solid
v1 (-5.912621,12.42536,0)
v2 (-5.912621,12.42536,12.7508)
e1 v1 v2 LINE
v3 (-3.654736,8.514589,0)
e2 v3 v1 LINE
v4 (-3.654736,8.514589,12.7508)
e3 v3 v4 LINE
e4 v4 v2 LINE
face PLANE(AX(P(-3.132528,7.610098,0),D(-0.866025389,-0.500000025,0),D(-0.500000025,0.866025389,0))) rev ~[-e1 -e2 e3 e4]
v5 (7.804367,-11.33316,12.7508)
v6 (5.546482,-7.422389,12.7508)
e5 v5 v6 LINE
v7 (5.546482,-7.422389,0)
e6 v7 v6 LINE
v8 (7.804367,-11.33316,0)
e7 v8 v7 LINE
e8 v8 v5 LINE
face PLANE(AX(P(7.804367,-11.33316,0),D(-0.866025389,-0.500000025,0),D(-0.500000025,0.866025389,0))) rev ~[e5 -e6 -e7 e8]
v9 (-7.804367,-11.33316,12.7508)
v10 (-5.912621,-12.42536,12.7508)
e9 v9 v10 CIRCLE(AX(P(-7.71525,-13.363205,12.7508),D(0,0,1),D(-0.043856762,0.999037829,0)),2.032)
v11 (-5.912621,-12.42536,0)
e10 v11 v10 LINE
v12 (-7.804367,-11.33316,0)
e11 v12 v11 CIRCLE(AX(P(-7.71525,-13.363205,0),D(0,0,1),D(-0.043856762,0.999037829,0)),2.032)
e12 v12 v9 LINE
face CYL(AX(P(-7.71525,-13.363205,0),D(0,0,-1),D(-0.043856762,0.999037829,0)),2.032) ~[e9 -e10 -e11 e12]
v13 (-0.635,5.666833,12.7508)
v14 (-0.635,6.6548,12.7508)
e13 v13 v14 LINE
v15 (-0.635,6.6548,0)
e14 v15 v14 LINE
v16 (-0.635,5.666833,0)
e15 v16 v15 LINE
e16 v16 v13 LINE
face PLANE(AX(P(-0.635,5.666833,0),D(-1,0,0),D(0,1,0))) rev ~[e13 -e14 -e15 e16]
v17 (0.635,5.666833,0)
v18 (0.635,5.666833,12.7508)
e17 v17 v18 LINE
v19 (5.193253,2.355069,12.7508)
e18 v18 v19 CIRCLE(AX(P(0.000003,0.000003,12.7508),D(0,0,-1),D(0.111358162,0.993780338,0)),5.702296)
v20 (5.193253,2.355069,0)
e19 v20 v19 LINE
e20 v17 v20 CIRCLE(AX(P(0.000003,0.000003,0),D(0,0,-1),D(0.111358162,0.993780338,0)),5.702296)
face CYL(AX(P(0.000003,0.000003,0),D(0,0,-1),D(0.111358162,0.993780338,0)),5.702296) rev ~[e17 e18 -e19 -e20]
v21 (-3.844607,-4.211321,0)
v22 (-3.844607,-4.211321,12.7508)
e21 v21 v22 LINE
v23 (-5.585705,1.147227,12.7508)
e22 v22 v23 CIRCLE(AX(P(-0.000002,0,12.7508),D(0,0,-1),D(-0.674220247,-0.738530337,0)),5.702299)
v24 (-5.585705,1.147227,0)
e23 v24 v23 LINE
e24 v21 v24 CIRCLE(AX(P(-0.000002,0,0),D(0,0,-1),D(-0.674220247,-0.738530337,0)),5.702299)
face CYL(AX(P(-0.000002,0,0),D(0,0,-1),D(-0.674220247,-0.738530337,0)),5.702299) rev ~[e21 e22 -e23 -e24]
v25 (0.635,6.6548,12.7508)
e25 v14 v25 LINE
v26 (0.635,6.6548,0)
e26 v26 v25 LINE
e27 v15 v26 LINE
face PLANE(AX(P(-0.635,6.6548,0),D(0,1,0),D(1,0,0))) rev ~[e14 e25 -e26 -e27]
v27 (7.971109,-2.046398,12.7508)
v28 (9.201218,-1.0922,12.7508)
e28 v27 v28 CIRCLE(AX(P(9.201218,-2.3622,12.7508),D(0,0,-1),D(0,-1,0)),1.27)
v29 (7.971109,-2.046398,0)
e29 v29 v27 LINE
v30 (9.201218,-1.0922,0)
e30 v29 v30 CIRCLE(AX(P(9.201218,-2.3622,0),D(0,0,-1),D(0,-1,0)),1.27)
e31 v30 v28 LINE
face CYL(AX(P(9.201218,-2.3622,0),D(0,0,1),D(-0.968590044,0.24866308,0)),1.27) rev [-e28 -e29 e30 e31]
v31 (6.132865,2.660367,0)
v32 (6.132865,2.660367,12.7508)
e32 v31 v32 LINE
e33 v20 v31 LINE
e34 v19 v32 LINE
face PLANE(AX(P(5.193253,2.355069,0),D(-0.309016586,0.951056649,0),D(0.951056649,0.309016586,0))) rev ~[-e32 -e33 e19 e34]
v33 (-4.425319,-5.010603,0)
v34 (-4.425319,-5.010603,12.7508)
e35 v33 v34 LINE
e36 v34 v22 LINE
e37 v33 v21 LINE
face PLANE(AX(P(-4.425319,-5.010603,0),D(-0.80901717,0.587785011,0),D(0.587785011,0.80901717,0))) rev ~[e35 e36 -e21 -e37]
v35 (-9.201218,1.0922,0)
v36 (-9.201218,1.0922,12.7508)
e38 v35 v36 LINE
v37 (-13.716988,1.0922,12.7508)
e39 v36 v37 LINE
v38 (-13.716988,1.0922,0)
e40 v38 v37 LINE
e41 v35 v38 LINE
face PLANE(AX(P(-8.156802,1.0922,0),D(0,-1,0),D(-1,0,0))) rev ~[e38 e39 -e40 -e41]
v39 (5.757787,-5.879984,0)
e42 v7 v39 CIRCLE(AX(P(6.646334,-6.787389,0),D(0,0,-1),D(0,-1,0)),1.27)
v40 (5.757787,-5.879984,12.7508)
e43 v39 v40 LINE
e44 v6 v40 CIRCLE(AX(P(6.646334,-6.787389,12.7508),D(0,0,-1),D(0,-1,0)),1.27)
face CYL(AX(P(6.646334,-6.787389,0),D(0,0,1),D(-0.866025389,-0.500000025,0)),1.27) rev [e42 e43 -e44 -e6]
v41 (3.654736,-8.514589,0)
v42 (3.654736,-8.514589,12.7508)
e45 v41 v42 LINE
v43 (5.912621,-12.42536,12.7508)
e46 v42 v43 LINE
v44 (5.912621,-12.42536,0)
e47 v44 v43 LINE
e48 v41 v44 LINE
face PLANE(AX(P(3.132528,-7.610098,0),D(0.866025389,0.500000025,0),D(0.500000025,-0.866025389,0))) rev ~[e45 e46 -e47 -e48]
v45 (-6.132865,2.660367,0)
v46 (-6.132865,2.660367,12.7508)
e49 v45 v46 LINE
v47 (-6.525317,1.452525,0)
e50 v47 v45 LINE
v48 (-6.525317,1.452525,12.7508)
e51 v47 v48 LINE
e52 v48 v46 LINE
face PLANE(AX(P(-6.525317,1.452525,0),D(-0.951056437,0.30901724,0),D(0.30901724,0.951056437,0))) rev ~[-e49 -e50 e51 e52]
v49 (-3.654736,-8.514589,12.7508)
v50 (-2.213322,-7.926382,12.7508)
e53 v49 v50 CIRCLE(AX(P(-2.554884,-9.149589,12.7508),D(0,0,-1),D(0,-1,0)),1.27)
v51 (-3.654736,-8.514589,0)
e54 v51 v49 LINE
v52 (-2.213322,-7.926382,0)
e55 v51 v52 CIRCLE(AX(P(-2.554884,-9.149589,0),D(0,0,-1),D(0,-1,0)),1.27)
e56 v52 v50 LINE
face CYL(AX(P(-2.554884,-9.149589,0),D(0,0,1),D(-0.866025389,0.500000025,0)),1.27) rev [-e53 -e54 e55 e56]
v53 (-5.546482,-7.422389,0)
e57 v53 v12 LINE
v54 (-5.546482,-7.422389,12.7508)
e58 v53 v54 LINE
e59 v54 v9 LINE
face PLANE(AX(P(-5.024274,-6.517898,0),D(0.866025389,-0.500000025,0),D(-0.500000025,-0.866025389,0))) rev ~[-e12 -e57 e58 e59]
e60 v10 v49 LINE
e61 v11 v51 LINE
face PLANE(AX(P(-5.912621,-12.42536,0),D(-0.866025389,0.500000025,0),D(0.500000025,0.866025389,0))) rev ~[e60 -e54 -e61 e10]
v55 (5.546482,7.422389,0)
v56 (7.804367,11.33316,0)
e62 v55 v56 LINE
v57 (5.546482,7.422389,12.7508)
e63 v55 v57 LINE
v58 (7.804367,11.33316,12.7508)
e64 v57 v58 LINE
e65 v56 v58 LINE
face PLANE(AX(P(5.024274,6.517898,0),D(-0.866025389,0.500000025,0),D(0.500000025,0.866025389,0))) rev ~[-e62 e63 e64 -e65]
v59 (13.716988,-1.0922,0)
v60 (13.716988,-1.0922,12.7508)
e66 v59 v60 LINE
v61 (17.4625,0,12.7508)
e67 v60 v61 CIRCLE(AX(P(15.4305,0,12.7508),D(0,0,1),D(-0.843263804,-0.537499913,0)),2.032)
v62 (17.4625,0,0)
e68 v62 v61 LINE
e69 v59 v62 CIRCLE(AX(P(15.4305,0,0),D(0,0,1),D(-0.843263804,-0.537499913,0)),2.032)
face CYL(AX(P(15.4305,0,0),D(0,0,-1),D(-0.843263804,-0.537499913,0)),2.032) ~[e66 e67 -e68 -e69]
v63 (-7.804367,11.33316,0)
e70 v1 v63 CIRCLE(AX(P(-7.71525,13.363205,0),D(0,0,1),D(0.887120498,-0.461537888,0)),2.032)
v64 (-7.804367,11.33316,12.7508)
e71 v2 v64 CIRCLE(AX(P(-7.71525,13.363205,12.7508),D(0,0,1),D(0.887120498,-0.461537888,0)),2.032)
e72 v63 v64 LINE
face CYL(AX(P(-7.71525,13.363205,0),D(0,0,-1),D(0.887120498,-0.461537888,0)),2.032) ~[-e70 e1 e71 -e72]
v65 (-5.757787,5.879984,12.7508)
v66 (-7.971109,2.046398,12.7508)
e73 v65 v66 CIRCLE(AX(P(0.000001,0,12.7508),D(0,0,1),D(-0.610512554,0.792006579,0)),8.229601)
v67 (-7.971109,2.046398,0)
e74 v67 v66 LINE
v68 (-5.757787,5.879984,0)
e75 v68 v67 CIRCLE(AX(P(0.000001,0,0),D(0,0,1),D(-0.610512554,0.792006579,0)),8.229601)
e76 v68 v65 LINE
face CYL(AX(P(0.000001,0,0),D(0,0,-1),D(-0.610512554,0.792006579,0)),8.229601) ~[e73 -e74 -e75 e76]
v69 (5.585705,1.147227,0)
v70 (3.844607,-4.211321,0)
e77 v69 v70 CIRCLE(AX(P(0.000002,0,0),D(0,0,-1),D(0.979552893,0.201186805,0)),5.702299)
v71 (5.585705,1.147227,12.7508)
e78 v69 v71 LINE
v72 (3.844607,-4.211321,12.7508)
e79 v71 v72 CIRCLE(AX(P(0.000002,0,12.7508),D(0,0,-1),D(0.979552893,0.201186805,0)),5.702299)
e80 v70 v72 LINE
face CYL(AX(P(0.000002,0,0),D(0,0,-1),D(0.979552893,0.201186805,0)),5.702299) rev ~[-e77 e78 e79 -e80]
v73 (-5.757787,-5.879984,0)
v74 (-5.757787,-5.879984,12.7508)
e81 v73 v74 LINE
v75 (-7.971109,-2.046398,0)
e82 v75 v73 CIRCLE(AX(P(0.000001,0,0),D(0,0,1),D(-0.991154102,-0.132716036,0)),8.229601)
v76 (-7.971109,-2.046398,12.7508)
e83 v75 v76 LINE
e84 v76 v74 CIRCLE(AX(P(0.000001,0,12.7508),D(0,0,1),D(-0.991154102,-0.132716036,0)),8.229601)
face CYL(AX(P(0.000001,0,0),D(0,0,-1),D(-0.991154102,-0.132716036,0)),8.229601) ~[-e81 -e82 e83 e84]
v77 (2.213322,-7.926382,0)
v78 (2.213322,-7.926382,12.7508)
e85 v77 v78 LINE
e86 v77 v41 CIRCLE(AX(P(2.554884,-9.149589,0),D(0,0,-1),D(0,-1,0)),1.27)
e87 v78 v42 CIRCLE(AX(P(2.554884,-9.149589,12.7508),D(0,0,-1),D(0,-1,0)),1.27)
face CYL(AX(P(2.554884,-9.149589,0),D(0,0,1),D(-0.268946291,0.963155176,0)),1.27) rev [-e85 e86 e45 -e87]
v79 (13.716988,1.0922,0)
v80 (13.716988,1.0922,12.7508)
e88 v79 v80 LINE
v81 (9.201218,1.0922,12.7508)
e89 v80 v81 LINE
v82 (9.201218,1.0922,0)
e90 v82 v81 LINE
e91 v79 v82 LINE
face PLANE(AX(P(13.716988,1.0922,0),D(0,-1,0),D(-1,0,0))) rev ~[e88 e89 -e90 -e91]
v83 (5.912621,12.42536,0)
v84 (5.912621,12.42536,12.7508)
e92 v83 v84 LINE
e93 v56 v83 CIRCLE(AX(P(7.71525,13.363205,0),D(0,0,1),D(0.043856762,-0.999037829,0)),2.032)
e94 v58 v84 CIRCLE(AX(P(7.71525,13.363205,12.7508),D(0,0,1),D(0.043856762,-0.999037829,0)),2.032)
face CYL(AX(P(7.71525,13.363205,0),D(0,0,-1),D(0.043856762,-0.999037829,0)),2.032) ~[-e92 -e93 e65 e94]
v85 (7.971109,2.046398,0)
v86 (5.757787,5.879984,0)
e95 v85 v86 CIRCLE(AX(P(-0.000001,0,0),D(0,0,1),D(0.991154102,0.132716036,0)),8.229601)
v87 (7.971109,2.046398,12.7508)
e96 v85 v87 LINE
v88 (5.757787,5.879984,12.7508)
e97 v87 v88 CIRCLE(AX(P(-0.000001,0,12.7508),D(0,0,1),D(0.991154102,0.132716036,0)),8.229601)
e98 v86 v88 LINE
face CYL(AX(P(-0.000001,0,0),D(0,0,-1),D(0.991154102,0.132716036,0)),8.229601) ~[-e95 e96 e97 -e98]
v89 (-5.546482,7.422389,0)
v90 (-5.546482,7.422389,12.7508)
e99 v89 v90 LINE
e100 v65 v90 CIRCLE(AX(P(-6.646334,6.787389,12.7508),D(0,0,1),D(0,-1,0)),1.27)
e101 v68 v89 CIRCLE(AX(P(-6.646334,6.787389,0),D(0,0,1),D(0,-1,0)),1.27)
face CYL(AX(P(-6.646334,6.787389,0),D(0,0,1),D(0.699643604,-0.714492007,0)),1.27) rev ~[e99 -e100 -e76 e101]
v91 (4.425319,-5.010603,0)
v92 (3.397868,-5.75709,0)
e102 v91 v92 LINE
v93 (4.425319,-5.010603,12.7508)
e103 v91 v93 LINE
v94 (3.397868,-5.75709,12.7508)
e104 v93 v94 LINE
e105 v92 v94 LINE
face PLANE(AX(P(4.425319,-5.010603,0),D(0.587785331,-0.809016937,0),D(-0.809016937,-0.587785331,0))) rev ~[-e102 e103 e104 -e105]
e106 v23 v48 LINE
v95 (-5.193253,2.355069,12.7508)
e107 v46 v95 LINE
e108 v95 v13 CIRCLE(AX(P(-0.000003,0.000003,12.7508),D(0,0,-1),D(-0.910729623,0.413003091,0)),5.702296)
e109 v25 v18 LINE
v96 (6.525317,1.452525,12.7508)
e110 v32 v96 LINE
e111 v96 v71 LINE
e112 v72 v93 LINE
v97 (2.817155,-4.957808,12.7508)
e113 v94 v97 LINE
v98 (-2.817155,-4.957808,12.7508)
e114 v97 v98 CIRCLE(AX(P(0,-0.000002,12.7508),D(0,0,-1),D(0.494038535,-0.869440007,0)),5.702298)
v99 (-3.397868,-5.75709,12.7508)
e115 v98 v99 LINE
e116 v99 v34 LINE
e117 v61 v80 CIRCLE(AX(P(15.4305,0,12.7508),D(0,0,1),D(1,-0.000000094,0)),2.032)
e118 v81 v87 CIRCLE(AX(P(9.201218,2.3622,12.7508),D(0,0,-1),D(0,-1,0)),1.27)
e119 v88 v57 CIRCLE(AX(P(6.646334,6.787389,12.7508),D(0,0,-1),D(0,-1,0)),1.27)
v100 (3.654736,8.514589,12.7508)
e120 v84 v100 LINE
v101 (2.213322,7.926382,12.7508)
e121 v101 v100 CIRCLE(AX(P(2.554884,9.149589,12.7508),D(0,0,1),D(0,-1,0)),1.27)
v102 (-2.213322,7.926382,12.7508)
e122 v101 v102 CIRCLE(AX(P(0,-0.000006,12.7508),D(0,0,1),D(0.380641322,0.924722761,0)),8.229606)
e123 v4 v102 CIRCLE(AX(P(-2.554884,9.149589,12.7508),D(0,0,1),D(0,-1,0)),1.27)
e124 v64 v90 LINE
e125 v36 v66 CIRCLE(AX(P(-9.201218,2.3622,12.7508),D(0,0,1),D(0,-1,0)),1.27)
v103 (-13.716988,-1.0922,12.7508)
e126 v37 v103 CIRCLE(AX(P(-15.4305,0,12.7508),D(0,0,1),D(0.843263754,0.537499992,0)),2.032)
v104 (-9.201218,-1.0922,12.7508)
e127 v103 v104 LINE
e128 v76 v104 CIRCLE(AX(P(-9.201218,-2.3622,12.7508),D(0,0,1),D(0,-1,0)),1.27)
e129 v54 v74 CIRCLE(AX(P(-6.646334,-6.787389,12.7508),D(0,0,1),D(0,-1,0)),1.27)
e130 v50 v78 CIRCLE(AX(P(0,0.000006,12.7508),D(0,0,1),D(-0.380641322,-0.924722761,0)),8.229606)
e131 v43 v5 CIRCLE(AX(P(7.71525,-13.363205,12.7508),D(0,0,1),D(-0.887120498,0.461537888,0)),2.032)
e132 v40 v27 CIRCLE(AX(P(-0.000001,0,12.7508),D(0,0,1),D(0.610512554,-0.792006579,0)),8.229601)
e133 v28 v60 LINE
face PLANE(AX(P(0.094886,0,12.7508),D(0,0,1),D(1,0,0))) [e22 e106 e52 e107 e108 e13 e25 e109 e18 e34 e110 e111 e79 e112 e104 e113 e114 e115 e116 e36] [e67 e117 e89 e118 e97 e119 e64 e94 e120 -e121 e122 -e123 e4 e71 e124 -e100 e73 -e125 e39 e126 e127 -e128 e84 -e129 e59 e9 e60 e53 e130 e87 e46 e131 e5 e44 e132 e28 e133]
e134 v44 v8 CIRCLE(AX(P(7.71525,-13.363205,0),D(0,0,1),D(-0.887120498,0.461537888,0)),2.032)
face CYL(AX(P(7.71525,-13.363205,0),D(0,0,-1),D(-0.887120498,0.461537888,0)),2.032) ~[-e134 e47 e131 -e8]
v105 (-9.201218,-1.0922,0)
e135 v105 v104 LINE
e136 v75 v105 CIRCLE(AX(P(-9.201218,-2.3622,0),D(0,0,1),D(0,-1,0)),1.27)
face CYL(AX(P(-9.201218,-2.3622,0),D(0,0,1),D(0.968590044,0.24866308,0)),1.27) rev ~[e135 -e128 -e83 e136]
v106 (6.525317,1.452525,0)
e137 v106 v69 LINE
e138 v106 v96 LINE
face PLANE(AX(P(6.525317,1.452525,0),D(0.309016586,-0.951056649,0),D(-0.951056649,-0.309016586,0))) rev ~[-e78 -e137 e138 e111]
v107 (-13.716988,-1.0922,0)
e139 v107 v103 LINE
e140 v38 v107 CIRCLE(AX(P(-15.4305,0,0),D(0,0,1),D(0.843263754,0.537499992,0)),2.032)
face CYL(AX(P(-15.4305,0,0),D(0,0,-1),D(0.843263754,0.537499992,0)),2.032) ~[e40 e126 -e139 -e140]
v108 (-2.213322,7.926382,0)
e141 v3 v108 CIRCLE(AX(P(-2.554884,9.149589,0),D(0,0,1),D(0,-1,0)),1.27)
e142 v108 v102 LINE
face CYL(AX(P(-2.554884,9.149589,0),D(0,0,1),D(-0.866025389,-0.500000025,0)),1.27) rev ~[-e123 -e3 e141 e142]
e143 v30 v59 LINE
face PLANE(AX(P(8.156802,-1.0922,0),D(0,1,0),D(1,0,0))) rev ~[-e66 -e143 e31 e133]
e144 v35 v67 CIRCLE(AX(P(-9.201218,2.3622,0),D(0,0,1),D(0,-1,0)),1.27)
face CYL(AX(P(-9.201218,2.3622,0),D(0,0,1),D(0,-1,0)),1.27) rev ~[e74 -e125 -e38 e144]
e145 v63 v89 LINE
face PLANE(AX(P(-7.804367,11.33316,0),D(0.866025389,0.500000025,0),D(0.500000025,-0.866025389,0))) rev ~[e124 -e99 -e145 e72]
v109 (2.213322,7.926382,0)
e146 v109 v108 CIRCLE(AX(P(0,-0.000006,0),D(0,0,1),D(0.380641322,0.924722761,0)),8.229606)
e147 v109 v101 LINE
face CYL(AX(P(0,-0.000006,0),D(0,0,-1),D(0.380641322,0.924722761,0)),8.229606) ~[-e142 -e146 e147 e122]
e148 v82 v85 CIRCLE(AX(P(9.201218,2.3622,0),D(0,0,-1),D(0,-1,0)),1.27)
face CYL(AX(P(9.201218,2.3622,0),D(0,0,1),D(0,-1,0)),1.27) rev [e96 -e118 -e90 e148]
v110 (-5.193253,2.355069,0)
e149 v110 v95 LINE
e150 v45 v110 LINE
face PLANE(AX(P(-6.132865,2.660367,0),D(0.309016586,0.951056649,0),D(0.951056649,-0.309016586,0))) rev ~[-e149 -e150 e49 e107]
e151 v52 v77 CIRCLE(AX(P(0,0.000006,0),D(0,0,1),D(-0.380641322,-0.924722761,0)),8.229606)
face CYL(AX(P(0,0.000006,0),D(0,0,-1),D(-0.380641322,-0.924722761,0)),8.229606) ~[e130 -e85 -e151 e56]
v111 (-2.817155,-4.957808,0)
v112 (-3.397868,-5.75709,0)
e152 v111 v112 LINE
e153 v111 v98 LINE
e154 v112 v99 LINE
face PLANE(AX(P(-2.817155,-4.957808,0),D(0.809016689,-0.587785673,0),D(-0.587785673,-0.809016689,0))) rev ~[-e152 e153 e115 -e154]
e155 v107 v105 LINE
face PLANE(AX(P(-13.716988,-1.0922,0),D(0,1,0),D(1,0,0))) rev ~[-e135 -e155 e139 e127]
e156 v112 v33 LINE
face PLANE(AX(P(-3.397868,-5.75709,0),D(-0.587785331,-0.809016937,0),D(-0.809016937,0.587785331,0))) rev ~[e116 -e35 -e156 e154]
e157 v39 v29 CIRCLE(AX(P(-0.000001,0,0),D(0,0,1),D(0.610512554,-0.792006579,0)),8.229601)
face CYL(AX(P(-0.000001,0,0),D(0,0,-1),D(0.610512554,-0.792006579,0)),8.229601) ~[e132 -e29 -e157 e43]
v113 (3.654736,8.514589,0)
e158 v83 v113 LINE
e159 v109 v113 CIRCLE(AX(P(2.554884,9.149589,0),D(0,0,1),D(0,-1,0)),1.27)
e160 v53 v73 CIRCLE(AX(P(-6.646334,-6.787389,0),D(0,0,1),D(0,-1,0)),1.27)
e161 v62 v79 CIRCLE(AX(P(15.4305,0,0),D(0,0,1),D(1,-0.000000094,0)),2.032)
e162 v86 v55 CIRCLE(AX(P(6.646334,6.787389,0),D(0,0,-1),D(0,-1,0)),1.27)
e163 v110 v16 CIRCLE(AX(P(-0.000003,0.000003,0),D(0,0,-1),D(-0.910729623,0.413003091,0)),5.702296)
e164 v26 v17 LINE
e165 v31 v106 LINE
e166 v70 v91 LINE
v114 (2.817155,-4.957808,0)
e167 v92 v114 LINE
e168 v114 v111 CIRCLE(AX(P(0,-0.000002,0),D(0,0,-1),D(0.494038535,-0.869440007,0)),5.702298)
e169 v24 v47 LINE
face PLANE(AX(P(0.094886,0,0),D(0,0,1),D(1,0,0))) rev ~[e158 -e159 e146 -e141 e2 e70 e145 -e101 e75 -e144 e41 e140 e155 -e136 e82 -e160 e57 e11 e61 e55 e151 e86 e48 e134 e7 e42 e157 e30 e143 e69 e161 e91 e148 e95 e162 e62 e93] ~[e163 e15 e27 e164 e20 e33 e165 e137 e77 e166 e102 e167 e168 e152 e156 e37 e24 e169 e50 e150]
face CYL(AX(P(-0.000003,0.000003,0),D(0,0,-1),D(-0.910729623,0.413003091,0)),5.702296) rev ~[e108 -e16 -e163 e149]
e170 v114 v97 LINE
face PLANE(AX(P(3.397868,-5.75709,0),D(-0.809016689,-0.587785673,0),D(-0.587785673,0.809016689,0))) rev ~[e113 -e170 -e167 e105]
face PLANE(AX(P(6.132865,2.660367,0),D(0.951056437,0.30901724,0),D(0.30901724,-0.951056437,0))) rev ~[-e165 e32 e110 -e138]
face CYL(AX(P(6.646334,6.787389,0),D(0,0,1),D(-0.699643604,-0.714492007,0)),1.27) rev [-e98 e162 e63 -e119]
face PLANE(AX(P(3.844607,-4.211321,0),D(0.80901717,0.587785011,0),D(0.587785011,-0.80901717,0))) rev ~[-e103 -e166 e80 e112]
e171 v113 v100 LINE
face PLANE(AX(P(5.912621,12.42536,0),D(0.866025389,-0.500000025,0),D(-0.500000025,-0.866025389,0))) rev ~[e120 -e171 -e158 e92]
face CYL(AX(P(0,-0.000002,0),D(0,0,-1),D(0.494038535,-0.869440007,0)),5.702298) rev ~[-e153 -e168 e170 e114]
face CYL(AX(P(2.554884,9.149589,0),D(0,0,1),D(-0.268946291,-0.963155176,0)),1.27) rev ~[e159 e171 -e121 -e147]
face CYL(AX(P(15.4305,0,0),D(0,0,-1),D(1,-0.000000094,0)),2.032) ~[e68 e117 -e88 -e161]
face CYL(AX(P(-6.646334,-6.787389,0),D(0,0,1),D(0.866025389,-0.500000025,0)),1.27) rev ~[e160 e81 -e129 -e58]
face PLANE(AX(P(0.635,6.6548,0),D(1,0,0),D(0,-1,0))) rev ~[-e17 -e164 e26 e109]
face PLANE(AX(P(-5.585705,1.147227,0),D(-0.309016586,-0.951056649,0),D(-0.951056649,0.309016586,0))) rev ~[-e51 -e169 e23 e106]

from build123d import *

# Parameters (mm, degrees)
F1_DEPTH = 12.7508
F2_R     = 1.27


with BuildPart() as f1:
    # F0 (on Top) → F1 (new body)
    with BuildSketch(Plane.XY):
        with BuildLine():
            Line((-5.912621, -12.42536), (-3.132528, -7.610098))
            ThreePointArc((-3.132528, -7.610098), (0, -8.2296), (3.132528, -7.610098))
            Line((3.132528, -7.610098), (5.912621, -12.42536))
            ThreePointArc((5.912621, -12.42536), (8.73125, -15.122969), (7.804367, -11.33316))
            Line((7.804367, -11.33316), (5.024274, -6.517898))
            ThreePointArc((5.024274, -6.517898), (7.127043, -4.1148), (8.156802, -1.0922))
            Line((8.156802, -1.0922), (13.716988, -1.0922))
            ThreePointArc((13.716988, -1.0922), (15.999344, -1.950754), (17.4625, 0))
            ThreePointArc((17.4625, 0), (15.999344, 1.950754), (13.716988, 1.0922))
            Line((13.716988, 1.0922), (8.156802, 1.0922))
            ThreePointArc((8.156802, 1.0922), (7.127043, 4.1148), (5.024274, 6.517898))
            Line((5.024274, 6.517898), (7.804367, 11.33316))
            ThreePointArc((7.804367, 11.33316), (8.73125, 15.122969), (5.912621, 12.42536))
            Line((5.912621, 12.42536), (3.132528, 7.610098))
            ThreePointArc((3.132528, 7.610098), (0, 8.2296), (-3.132528, 7.610098))
            Line((-3.132528, 7.610098), (-5.912621, 12.42536))
            ThreePointArc((-5.912621, 12.42536), (-8.73125, 15.122969), (-7.804367, 11.33316))
            Line((-7.804367, 11.33316), (-5.024274, 6.517898))
            ThreePointArc((-5.024274, 6.517898), (-7.127043, 4.1148), (-8.156802, 1.0922))
            Line((-8.156802, 1.0922), (-13.716988, 1.0922))
            ThreePointArc((-13.716988, 1.0922), (-17.4625, 0), (-13.716988, -1.0922))
            Line((-13.716988, -1.0922), (-8.156802, -1.0922))
            ThreePointArc((-8.156802, -1.0922), (-7.127043, -4.1148), (-5.024274, -6.517898))
            Line((-5.024274, -6.517898), (-7.804367, -11.33316))
            ThreePointArc((-7.804367, -11.33316), (-8.73125, -15.122969), (-5.912621, -12.42536))
        make_face()
        with BuildLine():
            ThreePointArc((-5.193253, 2.355069), (-3.351728, 4.613258), (-0.635, 5.666833))
            Line((-0.635, 5.666833), (-0.635, 6.6548))
            Line((-0.635, 6.6548), (0.635, 6.6548))
            Line((0.635, 6.6548), (0.635, 5.666833))
            ThreePointArc((0.635, 5.666833), (3.351728, 4.613258), (5.193253, 2.355069))
            Line((5.193253, 2.355069), (6.132865, 2.660367))
            Line((6.132865, 2.660367), (6.525317, 1.452525))
            Line((6.525317, 1.452525), (5.585705, 1.147227))
            ThreePointArc((5.585705, 1.147227), (5.42321, -1.762108), (3.844607, -4.211321))
            Line((3.844607, -4.211321), (4.425319, -5.010603))
            Line((4.425319, -5.010603), (3.397868, -5.75709))
            Line((3.397868, -5.75709), (2.817155, -4.957808))
            ThreePointArc((2.817155, -4.957808), (0, -5.7023), (-2.817155, -4.957808))
            Line((-2.817155, -4.957808), (-3.397868, -5.75709))
            Line((-3.397868, -5.75709), (-4.425319, -5.010603))
            Line((-4.425319, -5.010603), (-3.844607, -4.211321))
            ThreePointArc((-3.844607, -4.211321), (-5.42321, -1.762108), (-5.585705, 1.147227))
            Line((-5.585705, 1.147227), (-6.525317, 1.452525))
            Line((-6.525317, 1.452525), (-6.132865, 2.660367))
            Line((-6.132865, 2.660367), (-5.193253, 2.355069))
        make_face(mode=Mode.SUBTRACT)
    extrude(amount=F1_DEPTH)

    # F2
    f2_edges = [f1.edges().sort_by_distance(p)[0] for p in [
        (-3.132528, 7.610098, 6.3754),
        (5.024274, 6.517898, 6.3754),
        (8.156802, 1.0922, 6.3754),
        (3.132528, 7.610098, 6.3754),
        (-5.024274, 6.517898, 6.3754),
        (-8.156802, 1.0922, 6.3754),
        (-5.024274, -6.517898, 6.3754),
        (-8.156802, -1.0922, 6.3754),
        (-3.132528, -7.610098, 6.3754),
        (3.132528, -7.610098, 6.3754),
        (5.024274, -6.517898, 6.3754),
        (8.156802, -1.0922, 6.3754),
    ]]
    fillet(f2_edges, radius=F2_R)


solid = f1.part
